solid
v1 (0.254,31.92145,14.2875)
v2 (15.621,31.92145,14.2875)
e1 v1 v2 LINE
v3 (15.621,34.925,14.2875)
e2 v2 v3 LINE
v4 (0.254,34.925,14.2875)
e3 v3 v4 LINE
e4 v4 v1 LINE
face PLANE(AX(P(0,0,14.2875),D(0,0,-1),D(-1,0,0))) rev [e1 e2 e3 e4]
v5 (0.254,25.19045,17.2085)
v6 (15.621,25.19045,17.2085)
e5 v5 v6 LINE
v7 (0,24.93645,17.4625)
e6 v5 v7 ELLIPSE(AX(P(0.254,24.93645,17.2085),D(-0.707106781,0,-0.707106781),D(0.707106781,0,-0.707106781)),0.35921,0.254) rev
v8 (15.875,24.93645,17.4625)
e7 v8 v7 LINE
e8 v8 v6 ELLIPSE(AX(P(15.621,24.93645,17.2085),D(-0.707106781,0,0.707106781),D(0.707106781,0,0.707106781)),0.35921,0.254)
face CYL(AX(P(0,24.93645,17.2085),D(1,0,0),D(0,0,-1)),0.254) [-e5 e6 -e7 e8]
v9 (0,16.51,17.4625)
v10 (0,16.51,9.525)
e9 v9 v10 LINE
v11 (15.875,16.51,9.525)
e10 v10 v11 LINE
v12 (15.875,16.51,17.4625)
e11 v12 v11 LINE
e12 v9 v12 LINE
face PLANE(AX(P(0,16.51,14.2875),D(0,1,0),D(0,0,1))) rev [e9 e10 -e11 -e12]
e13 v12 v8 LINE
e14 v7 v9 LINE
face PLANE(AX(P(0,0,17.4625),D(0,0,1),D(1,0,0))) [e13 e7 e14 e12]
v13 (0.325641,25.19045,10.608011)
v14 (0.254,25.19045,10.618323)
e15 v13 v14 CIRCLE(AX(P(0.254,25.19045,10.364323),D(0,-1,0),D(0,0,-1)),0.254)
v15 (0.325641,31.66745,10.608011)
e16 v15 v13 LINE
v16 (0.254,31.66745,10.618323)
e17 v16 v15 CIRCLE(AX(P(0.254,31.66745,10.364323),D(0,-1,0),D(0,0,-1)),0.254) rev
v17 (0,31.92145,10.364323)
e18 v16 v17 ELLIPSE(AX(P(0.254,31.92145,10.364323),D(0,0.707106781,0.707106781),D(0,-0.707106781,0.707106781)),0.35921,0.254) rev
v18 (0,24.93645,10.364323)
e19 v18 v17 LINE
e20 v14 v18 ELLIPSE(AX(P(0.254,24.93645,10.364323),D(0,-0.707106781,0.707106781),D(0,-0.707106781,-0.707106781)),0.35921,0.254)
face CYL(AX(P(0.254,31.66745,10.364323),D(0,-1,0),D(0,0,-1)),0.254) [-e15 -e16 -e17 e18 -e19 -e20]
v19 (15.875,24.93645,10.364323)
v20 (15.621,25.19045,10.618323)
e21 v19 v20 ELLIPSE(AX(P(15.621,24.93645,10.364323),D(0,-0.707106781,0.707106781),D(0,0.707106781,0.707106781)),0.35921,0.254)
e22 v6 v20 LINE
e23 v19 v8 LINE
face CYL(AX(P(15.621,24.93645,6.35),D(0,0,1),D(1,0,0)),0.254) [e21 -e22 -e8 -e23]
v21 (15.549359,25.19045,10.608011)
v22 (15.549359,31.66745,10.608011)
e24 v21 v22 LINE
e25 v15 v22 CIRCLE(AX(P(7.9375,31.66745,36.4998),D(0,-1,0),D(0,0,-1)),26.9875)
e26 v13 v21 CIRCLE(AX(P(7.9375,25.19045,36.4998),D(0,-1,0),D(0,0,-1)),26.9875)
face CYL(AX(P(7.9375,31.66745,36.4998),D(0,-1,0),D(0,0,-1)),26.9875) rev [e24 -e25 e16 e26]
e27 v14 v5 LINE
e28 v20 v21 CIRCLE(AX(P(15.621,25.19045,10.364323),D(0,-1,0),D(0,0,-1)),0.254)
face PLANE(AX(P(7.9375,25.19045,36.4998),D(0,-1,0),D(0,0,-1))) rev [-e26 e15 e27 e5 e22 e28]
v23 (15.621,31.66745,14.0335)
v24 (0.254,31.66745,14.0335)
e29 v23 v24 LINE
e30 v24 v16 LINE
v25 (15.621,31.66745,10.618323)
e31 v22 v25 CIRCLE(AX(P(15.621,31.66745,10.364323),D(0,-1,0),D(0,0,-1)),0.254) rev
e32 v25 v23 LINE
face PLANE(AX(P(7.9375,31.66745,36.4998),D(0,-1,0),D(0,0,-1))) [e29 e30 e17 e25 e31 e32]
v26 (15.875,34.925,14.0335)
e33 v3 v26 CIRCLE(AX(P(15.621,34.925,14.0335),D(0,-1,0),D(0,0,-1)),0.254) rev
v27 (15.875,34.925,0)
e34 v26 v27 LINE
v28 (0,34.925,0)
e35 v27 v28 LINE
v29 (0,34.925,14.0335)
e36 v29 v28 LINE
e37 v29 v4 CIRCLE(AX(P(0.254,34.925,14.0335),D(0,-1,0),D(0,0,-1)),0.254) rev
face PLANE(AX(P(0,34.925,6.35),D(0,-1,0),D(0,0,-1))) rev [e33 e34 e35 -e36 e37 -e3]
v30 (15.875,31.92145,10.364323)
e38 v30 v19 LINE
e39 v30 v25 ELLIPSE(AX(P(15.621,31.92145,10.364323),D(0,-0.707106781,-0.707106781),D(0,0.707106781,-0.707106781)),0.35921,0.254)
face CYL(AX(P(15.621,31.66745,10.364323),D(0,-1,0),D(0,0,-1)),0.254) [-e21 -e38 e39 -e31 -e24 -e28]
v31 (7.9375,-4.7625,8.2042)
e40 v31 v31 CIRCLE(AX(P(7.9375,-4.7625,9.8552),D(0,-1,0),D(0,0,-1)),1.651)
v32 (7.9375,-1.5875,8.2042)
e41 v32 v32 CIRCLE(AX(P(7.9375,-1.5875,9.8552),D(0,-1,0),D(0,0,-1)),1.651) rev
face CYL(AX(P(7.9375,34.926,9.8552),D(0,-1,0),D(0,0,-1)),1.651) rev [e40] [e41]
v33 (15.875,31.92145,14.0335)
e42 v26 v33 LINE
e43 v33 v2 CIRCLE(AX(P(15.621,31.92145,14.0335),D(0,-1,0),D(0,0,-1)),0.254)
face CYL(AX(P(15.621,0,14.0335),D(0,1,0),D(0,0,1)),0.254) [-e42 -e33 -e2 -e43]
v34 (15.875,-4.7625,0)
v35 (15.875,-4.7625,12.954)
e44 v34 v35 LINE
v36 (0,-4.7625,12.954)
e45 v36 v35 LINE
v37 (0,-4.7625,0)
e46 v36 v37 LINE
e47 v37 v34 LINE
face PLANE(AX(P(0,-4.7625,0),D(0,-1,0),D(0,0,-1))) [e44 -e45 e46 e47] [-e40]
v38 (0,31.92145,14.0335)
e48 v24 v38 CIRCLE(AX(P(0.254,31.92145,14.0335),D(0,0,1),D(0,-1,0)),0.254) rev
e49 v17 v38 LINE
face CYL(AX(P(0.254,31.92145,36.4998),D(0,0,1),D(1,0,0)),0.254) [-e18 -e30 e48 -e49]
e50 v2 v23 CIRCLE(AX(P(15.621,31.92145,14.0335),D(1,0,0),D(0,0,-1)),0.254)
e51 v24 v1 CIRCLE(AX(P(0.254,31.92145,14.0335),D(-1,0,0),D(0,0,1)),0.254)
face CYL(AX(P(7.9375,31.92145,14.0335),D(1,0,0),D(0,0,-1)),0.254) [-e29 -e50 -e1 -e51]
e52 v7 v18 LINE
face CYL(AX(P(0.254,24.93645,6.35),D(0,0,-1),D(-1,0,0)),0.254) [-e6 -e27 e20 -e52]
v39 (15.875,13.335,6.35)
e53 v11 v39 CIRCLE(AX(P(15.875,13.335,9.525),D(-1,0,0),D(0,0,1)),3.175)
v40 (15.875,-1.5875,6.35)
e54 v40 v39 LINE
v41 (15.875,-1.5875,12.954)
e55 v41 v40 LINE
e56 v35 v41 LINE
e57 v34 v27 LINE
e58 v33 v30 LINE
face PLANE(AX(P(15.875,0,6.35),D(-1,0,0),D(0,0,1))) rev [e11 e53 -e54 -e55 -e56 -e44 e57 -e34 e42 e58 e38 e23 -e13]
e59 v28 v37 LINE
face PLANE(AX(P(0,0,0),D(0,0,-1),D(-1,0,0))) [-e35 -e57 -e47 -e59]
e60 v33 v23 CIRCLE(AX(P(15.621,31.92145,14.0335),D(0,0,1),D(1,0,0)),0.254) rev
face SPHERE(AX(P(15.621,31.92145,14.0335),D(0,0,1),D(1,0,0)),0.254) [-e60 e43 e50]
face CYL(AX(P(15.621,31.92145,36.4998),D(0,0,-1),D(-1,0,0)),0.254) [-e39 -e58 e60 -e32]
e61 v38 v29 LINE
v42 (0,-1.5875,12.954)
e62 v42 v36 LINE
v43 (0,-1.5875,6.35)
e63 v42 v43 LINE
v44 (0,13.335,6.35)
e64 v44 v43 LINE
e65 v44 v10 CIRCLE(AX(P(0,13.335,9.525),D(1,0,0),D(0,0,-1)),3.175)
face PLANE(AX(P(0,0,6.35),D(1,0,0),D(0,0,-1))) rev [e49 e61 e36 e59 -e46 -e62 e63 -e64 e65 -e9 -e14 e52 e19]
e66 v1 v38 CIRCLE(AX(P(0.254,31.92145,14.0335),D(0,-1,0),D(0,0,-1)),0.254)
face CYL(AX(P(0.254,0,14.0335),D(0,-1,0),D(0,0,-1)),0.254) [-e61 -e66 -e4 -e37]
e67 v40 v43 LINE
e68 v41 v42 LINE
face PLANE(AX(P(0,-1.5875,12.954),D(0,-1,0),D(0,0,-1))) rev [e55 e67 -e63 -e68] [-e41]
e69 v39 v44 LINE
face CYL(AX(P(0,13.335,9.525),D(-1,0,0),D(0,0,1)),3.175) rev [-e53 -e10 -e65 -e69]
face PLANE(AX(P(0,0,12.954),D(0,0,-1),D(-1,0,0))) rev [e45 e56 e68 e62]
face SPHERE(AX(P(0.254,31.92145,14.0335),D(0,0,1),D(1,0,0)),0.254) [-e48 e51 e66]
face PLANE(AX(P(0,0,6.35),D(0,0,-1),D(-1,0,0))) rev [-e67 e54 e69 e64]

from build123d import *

# Parameters (mm, degrees)
SKETCH1_W           = 15.875
SKETCH1_H           = 34.925
BOSS_EXTRUDE1_DEPTH = 6.35
SKETCH3_W           = 15.875
SKETCH3_H           = 18.415
BOSS_EXTRUDE2_DEPTH = 7.9375
SKETCH4_R           = 26.9875
CUT_EXTRUDE2_DEPTH  = 3.2385
SKETCH5_W           = 15.875
SKETCH5_H           = 8.68045
BOSS_EXTRUDE3_DEPTH = 3.175
FILLET1_R           = 0.254
FILLET2_R           = 3.175
SKETCH6_W           = 15.875
SKETCH6_H           = 6.35
BOSS_EXTRUDE4_DEPTH = 4.7625
SKETCH7_W           = 15.875
SKETCH7_H           = 3.175
BOSS_EXTRUDE5_DEPTH = 6.604
CUT_EXTRUDE3_REACH  = 48.174
SKETCH8_R           = 1.651


with BuildPart() as part:
    # Sketch1 → Boss-Extrude1 (new body)
    with BuildSketch(Plane.XY):
        with Locations((7.9375, 17.4625)):
            Rectangle(SKETCH1_W, SKETCH1_H)
    extrude(amount=BOSS_EXTRUDE1_DEPTH)

    # Sketch3 → Boss-Extrude2 (add)
    with BuildSketch(Plane.XY.offset(6.35)):
        with Locations((7.9375, 25.7175)):
            Rectangle(SKETCH3_W, SKETCH3_H)
    extrude(amount=BOSS_EXTRUDE2_DEPTH)

    # Sketch4 → Cut-Extrude2 (cut, symmetric)
    with BuildSketch(Plane(origin=(0, 28.42895, 0), x_dir=(-1, 0, 0), z_dir=(0, -1, 0))):
        with Locations((-7.9375, -36.4998)):
            Circle(SKETCH4_R)
    extrude(amount=CUT_EXTRUDE2_DEPTH, both=True, mode=Mode.SUBTRACT)

    # Sketch5 → Boss-Extrude3 (add)
    with BuildSketch(Plane.XY.offset(14.2875)):
        with Locations((7.9375, 20.850225)):
            Rectangle(SKETCH5_W, SKETCH5_H)
    extrude(amount=BOSS_EXTRUDE3_DEPTH)

    # Fillet1
    fillet1_edges = [part.edges().sort_by_distance(p)[0] for p in [
        (0, 33.296225, 14.2875),
        (15.875, 33.296225, 14.2875),
        (7.9375, 31.66745, 14.2875),
        (15.875, 28.42895, 10.705978065),
        (0, 28.42895, 10.705978065),
        (0, 25.19045, 14.084239033),
        (15.875, 25.19045, 14.084239033),
        (0, 31.66745, 12.496739033),
        (15.875, 31.66745, 12.496739033),
        (7.9375, 25.19045, 17.4625),
    ]]
    fillet(fillet1_edges, radius=FILLET1_R)

    # Fillet2
    fillet2_edges = [part.edges().sort_by_distance(p)[0] for p in [
        (7.9375, 16.51, 6.35),
    ]]
    fillet(fillet2_edges, radius=FILLET2_R)

    # Sketch6 → Boss-Extrude4 (add)
    with BuildSketch(Plane.XZ):
        with Locations((7.9375, 3.175)):
            Rectangle(SKETCH6_W, SKETCH6_H)
    extrude(amount=BOSS_EXTRUDE4_DEPTH)

    # Sketch7 → Boss-Extrude5 (add)
    with BuildSketch(Plane.XY.offset(6.35)):
        with Locations((7.9375, -3.175)):
            Rectangle(SKETCH7_W, SKETCH7_H)
    extrude(amount=BOSS_EXTRUDE5_DEPTH)

    # Sketch8 → Cut-Extrude3 (cut, up to next)
    with BuildSketch(Plane.XZ.offset(4.7625), mode=Mode.PRIVATE) as cut_extrude3_sk1:
        with Locations(Location((7.9375, 9.8552, 0), (0, 0, 270))):
            Circle(SKETCH8_R)
    cut_extrude3_tool1 = extrude(cut_extrude3_sk1.sketch, amount=-CUT_EXTRUDE3_REACH, mode=Mode.PRIVATE) & part.part
    add(cut_extrude3_tool1.solids().sort_by_distance((7.9375, -4.7625, 9.8552))[0], mode=Mode.SUBTRACT)


solid = part.part
